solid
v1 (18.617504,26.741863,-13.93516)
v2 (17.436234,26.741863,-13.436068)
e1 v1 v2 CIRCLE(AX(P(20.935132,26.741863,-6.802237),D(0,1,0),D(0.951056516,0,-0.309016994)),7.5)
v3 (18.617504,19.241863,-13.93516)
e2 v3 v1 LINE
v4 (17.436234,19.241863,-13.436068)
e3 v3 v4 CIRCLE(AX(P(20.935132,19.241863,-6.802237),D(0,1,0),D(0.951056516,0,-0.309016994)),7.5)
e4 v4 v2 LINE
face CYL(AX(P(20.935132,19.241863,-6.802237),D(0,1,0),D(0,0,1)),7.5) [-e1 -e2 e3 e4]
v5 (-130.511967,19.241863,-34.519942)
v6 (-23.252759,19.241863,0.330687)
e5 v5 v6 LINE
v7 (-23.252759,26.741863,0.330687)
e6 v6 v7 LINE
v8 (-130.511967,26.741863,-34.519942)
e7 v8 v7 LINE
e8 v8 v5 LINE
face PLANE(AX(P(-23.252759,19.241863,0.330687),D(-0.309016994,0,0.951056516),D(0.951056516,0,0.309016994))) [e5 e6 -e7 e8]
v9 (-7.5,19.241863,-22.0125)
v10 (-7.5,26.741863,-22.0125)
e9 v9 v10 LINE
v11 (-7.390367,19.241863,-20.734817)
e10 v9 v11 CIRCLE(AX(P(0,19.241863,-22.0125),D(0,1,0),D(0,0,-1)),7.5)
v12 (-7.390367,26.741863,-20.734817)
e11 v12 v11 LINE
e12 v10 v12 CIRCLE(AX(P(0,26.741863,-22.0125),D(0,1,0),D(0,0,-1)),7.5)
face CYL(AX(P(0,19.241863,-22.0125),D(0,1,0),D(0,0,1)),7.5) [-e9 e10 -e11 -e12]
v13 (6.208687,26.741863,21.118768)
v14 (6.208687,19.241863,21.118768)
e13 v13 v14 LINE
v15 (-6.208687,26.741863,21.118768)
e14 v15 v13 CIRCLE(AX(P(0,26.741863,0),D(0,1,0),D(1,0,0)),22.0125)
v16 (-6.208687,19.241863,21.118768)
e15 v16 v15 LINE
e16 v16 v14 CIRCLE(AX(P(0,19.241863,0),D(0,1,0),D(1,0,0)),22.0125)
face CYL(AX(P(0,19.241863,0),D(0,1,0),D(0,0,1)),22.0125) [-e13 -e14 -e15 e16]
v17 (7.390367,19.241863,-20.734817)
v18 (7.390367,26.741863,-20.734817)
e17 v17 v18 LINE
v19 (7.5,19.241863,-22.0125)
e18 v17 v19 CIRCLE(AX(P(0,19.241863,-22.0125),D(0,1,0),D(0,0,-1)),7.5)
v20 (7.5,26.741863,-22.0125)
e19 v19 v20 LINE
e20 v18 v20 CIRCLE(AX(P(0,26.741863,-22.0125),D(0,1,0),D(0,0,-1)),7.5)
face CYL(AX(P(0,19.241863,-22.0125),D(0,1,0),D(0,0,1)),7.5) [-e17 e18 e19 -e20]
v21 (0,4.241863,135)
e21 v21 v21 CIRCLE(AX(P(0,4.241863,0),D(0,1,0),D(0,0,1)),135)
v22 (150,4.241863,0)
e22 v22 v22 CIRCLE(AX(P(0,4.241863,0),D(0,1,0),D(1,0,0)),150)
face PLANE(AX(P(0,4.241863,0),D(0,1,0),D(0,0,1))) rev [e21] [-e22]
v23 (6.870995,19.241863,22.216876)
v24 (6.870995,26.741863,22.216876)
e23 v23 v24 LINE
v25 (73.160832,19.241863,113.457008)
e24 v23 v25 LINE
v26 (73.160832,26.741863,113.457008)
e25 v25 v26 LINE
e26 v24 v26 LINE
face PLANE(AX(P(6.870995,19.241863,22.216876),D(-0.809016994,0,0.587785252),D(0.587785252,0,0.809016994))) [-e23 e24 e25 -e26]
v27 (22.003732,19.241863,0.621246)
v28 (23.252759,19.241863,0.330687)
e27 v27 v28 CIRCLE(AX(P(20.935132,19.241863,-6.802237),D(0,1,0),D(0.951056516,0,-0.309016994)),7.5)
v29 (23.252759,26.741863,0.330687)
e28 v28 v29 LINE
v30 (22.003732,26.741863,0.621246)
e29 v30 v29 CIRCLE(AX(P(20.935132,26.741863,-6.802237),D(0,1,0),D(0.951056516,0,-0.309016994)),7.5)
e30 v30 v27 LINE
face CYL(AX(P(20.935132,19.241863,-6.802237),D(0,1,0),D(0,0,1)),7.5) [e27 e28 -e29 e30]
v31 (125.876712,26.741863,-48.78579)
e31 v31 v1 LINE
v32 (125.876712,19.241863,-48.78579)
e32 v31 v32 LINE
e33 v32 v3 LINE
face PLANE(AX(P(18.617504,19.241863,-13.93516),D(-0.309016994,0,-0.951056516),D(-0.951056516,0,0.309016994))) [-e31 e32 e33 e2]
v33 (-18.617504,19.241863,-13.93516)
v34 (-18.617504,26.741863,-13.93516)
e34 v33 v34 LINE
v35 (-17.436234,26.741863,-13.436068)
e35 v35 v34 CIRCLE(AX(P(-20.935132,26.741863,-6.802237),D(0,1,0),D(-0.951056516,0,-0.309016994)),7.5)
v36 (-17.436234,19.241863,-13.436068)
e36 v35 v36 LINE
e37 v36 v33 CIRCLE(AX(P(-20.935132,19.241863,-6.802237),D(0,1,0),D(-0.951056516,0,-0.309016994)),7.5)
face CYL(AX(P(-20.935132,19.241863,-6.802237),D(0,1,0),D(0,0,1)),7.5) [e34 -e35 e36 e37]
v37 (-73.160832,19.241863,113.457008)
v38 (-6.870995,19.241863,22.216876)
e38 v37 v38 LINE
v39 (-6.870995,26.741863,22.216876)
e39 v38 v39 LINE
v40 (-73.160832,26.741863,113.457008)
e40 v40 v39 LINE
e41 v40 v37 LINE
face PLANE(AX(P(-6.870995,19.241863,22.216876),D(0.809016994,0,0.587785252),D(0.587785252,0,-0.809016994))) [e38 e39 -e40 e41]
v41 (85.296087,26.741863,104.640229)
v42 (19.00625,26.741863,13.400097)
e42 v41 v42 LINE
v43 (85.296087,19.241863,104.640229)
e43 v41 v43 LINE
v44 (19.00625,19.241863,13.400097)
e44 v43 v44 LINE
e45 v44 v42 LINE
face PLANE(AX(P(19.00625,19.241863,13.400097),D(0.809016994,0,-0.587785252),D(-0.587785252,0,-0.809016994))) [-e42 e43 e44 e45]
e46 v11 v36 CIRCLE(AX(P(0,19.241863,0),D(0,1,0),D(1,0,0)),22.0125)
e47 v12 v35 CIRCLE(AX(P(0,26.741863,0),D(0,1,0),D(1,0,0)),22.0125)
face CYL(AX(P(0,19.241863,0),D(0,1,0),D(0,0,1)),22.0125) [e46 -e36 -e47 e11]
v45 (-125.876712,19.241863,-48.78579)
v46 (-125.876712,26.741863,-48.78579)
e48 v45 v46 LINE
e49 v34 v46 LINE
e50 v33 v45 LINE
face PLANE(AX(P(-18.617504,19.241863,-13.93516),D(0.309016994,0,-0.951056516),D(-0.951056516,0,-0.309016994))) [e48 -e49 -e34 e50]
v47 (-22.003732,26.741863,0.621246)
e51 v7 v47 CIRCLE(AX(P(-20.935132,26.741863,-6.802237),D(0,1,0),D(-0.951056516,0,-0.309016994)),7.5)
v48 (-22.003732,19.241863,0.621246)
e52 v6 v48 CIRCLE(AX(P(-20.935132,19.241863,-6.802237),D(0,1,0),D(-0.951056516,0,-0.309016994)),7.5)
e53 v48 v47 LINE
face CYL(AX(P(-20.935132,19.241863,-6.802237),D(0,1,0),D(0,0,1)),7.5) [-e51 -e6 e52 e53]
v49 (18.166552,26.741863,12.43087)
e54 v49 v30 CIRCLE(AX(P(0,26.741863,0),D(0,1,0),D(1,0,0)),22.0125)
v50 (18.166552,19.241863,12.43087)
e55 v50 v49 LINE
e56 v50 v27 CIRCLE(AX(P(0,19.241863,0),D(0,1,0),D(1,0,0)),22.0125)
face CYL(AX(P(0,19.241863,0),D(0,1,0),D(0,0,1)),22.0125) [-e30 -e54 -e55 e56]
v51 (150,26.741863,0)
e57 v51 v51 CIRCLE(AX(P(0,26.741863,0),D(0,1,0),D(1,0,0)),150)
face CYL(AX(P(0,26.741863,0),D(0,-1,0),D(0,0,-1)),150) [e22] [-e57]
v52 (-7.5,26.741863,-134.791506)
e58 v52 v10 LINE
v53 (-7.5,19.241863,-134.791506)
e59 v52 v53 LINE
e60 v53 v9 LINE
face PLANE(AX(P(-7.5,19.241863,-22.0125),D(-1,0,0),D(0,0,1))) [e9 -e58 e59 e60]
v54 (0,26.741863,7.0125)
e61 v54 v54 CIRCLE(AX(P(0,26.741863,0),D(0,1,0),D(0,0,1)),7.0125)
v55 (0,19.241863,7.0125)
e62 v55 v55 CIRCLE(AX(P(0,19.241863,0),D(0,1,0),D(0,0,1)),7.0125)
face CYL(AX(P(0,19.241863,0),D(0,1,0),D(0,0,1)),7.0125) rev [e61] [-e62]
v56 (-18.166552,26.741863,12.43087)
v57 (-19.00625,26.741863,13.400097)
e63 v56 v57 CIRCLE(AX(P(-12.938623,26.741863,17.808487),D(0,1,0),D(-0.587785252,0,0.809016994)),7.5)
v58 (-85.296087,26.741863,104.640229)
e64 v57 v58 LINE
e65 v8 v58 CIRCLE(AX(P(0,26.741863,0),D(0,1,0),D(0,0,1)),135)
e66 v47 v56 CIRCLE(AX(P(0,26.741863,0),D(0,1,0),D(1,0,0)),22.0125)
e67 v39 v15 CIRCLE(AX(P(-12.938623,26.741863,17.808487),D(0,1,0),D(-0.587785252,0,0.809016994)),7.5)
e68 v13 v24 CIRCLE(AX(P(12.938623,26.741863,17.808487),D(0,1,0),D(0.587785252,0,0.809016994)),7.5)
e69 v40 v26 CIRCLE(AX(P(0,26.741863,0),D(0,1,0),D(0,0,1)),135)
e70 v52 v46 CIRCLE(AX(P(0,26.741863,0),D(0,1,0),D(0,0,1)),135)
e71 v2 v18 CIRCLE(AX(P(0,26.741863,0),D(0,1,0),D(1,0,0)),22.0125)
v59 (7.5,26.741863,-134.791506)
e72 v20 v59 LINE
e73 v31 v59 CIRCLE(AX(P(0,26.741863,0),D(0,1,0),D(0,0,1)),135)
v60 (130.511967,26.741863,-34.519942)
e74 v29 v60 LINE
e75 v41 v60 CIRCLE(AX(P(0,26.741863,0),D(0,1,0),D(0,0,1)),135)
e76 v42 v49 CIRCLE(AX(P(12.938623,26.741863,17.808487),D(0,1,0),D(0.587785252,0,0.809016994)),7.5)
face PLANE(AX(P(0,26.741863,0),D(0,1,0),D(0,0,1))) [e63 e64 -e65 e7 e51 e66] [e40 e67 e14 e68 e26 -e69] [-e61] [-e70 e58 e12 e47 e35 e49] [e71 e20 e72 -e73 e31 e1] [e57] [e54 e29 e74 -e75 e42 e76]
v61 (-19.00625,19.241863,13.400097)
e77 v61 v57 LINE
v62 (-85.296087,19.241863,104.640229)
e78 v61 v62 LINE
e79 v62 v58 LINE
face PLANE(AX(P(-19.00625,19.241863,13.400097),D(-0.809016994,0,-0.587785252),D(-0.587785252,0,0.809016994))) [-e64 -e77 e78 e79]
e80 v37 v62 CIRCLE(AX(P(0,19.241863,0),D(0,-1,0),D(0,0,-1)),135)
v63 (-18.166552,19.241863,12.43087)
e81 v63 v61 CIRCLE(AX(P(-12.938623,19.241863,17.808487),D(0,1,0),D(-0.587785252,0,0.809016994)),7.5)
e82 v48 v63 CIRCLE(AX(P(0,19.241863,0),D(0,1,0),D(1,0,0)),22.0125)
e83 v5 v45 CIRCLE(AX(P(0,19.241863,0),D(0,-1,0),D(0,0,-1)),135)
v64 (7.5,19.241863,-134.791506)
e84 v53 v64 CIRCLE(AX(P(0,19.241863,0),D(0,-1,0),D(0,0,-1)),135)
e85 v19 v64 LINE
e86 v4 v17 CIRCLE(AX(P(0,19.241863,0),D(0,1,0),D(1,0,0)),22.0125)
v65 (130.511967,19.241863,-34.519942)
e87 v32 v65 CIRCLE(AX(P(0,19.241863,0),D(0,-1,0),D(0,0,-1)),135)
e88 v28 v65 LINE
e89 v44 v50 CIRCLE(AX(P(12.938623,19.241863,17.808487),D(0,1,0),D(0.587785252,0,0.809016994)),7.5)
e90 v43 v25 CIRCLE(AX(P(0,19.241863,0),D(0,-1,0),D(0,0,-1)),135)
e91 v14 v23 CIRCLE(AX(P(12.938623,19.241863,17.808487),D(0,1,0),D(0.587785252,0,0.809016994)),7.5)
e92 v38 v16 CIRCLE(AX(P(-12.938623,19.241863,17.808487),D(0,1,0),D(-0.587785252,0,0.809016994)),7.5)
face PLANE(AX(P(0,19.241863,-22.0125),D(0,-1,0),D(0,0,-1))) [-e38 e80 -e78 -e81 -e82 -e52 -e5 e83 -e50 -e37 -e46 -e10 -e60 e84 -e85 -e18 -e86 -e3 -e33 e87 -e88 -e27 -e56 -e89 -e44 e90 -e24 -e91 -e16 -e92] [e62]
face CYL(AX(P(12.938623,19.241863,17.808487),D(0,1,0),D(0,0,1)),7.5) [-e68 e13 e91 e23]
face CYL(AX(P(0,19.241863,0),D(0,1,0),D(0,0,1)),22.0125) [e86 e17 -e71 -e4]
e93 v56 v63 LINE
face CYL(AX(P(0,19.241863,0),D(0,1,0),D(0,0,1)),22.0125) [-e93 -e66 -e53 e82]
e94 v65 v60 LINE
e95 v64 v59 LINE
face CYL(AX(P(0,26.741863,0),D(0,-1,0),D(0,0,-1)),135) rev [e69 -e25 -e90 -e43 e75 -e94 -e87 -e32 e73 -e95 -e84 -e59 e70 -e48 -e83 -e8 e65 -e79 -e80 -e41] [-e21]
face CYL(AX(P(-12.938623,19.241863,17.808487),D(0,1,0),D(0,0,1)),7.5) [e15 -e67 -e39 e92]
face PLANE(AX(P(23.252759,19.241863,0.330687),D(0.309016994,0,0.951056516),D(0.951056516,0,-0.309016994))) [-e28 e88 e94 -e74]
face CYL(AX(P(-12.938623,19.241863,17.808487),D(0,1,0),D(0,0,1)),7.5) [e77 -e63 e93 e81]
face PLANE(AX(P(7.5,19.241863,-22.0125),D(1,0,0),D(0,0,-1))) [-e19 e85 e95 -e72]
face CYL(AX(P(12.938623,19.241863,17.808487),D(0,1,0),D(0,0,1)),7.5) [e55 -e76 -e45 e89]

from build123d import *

# Parameters (mm, degrees)
SKETCH1_R           = 200
SKETCH1_R_2         = 180
EXTRUDE_THIN1_DEPTH = 30
SKETCH2_R           = 29.35
SKETCH2_R_2         = 9.35
EXTRUDE_THIN2_DEPTH = 10
BOSS_EXTRUDE1_DEPTH = 10
CIRPATTERN1_COUNT   = 5
SCALE3_SCALE        = 0.75


with BuildPart() as part:
    # Sketch1 → Extrude-Thin1 (new body)
    with BuildSketch(Plane(origin=(0, 0, 0), x_dir=(1, 0, 0), z_dir=(0, 1, 0))):
        Circle(SKETCH1_R)
        Circle(SKETCH1_R_2, mode=Mode.SUBTRACT)
    extrude(amount=EXTRUDE_THIN1_DEPTH)



with BuildPart() as body_2:
    # Sketch2 → Extrude-Thin2 (new body)
    with BuildSketch(Plane(origin=(0, 30, 0), x_dir=(1, 0, 0), z_dir=(0, 1, 0))):
        Circle(SKETCH2_R)
        Circle(SKETCH2_R_2, mode=Mode.SUBTRACT)
    extrude(amount=-EXTRUDE_THIN2_DEPTH)


with BuildPart() as part_1:
    add(part.part)

    add(body_2.part)  # Boss-Extrude1 merges body 2
    # Sketch3 → Boss-Extrude1 (add)
    with BuildSketch(Plane(origin=(0, 30, 0), x_dir=(1, 0, 0), z_dir=(0, 1, 0))):
        with BuildLine():
            Line((10, 29.35), (10, 180))
            ThreePointArc((10, 180), (0, 190), (-10, 180))
            Line((-10, 180), (-10, 29.35))
            ThreePointArc((-10, 29.35), (0, 19.35), (10, 29.35))
        make_face()
    boss_extrude1 = extrude(amount=-BOSS_EXTRUDE1_DEPTH)

    # CirPattern1: Boss-Extrude1 ×5 about axis
    cirpattern1_axis = Axis((0, 0, 0), (0, 1, 0))
    for i in range(1, CIRPATTERN1_COUNT):
        add(boss_extrude1.rotate(cirpattern1_axis, i * 360 / CIRPATTERN1_COUNT))


with BuildPart() as part_2:
    # Scale3: scaled about (0, 16.967452181, 0)
    add(part_1.part.scale(SCALE3_SCALE).moved(Location((0, 4.241863045, 0))))


solid = part_2.part
